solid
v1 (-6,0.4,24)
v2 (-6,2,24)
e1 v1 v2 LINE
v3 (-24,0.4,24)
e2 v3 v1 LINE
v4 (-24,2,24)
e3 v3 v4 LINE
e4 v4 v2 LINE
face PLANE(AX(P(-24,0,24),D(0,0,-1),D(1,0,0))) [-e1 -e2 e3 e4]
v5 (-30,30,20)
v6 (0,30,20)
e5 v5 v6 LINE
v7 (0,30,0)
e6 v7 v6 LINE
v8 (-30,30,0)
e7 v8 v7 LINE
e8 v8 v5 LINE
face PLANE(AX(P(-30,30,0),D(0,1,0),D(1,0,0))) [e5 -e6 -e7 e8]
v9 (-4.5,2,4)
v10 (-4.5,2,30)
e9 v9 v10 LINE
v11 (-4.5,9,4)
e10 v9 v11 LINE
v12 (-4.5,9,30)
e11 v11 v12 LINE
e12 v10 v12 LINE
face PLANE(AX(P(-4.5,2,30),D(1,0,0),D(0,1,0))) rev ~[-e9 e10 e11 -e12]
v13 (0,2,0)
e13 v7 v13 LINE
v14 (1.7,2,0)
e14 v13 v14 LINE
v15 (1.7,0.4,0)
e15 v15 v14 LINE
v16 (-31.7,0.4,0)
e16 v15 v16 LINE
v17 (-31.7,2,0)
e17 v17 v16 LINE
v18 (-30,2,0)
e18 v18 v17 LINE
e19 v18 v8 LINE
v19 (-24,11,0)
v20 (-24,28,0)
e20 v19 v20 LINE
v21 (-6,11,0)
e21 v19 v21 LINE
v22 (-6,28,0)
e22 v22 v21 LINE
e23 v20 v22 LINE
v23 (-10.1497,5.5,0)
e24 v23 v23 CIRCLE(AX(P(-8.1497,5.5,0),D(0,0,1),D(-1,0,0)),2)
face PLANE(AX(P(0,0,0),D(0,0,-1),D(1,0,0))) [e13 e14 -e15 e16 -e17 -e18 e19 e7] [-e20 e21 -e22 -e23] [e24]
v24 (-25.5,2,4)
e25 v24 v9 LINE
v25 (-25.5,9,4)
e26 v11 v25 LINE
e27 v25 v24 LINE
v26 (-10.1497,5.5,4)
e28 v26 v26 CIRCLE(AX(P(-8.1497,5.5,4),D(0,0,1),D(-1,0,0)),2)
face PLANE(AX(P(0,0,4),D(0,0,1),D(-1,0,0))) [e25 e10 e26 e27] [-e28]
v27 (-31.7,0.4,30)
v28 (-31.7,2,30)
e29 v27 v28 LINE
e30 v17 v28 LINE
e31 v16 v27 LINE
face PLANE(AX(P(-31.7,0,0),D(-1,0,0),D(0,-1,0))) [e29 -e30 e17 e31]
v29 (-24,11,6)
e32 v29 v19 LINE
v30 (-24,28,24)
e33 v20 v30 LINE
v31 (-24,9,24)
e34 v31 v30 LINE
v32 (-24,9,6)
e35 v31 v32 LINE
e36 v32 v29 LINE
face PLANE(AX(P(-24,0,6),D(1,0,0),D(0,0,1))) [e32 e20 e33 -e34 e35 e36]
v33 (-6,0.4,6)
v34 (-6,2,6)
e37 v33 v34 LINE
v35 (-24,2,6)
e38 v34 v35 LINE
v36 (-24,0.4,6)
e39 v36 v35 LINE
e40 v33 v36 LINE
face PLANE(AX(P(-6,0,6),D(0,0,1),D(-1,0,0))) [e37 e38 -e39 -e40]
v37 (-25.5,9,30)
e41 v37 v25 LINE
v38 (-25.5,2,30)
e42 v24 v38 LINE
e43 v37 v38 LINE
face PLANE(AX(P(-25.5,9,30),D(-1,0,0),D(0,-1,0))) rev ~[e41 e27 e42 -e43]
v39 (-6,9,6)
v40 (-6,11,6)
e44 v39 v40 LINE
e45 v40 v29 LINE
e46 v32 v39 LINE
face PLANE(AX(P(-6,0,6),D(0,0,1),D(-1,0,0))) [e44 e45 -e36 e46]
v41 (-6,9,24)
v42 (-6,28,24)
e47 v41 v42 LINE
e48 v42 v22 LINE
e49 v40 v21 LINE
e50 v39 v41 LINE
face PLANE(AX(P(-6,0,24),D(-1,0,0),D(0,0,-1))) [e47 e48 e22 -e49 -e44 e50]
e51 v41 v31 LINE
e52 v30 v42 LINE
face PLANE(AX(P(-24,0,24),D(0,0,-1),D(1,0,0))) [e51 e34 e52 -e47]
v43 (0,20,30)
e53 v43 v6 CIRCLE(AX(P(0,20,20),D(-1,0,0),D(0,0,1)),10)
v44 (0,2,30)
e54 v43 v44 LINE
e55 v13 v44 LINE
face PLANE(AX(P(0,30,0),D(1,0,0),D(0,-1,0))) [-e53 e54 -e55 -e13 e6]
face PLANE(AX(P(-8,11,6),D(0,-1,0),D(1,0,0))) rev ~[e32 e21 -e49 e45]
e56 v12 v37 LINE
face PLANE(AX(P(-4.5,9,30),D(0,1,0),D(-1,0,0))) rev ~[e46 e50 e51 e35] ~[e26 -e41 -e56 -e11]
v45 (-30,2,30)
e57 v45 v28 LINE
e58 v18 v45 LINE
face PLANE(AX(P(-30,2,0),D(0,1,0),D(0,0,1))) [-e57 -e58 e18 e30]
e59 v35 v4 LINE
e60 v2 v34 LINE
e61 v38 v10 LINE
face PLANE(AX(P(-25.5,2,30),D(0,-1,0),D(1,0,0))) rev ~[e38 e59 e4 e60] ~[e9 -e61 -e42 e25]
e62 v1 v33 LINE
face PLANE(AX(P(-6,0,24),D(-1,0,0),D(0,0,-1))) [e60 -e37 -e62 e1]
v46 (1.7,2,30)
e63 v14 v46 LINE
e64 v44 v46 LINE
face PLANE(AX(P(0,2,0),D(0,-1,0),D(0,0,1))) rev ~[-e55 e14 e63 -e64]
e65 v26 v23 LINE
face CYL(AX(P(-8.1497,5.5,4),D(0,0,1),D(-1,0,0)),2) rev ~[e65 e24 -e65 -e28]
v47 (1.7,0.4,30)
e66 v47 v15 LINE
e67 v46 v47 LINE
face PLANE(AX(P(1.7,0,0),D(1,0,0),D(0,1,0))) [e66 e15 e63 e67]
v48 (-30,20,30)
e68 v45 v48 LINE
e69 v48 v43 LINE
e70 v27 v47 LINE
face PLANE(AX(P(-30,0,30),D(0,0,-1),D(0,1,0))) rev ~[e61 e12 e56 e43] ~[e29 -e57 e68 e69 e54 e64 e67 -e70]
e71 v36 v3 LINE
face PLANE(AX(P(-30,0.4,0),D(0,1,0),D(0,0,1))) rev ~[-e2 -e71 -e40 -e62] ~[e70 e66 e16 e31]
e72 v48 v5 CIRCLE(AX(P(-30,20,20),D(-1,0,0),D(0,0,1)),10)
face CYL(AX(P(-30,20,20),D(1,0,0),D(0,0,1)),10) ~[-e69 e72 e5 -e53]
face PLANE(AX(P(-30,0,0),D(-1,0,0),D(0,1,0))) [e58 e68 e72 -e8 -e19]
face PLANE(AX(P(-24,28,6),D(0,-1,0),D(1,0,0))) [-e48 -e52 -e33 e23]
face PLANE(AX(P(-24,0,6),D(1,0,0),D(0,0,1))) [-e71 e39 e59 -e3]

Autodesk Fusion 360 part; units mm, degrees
sketch "Sketch1" plane through (0, 0, 0) normal (0, 0, 1) x (1, 0, 0)
  line L0 (0, 0) -> (-30, 0)
  line L1 (-30, 0) -> (-30, 30)
  line L2 (-30, 30) -> (0, 30)
  line L3 (0, 30) -> (0, 0)
  dimension "d1" = 30
  dimension "d2" = 30
extrude "Extrude1" add sketch "Sketch1" along normal blind 30
sketch "Sketch2" plane through (0, 0, 30) normal (0, 0, 1) x (-1, 0, 0)
  line L0 (0, -30) -> (30, -30)
  line L1 (30, -30) -> (30, 0)
  line L2 (30, 0) -> (0, 0)
  line L3 (0, 0) -> (0, -30)
  line L4 (30, 0) -> (25.5, 0)
  line L5 (25.5, 0) -> (25.5, -2)
  line L6 (25.5, -2) -> (30, -2)
  line L7 (30, -2) -> (30, 0)
  line L8 (25.5, -2) -> (4.5, -2)
  line L9 (4.5, -2) -> (4.5, -9)
  line L10 (4.5, -9) -> (25.5, -9)
  line L11 (25.5, -9) -> (25.5, -2)
  dimension "d5" = 4.5
  dimension "d6" = 2
  dimension "d7" = 21
  dimension "d8" = 7
extrude "Extrude2" cut sketch "Sketch2" against normal blind 25 contours L8 L9 L10 L11
sketch "Sketch3" plane through (0, 0, 0) normal (0, -1, 0) x (1, 0, 0)
  line L0 (-30, 0) -> (0, 0)
  line L1 (0, 0) -> (0, 30)
  line L2 (0, 30) -> (-30, 30)
  line L3 (-30, 30) -> (-30, 0)
  line L4 (-6, 6) -> (-24, 6)
  line L5 (-24, 6) -> (-24, 24)
  line L6 (-24, 24) -> (-6, 24)
  line L7 (-6, 24) -> (-6, 6)
  line L8 (-6, 6) -> (-24, 24) construction
  line L9 (-24, 6) -> (-6, 24) construction
  point P0 (-15, 15)
  dimension "d11" = 18
  dimension "d12" = 18
extrude "Extrude3" cut sketch "Sketch3" against normal blind 2 contours L4 L5 L6 L7
sketch "Sketch4" plane through (0, 0, 0) normal (1, 0, 0) x (0, 1, 0)
  line L0 (0, 0) -> (30, 0)
  line L1 (30, 0) -> (30, 30)
  line L2 (30, 30) -> (0, 30)
  line L3 (0, 30) -> (0, 0)
  line L4 (0, 0) -> (2, 0)
  line L5 (2, 0) -> (2, 30)
  line L6 (2, 30) -> (0, 30)
  line L7 (0, 30) -> (0, 0)
  dimension "d15" = 2
  dimension "d16" = 30
extrude "Extrude4" add sketch "Sketch4" along normal blind 2 contours L0 L2 L3 L4 L5 L6 L7
sketch "Sketch5" plane through (-30, 0, 0) normal (-1, 0, 0) x (0, -1, 0)
  line L0 (-30, 0) -> (0, 0)
  line L1 (0, 0) -> (0, 30)
  line L2 (0, 30) -> (-30, 30)
  line L3 (-30, 30) -> (-30, 0)
  line L4 (0, 0) -> (-2, 0)
  line L5 (-2, 0) -> (-2, 30)
  line L6 (-2, 30) -> (0, 30)
  line L7 (0, 30) -> (0, 0)
  dimension "d19" = 2
  dimension "d20" = 30
extrude "Extrude5" add sketch "Sketch5" along normal blind 2 contours L0 L1 L2 L4 L5 L6 L7
sketch "Sketch6" plane through (0, 0, 5) normal (0, 0, 1) x (-1, 0, 0)
  line L0 (25.5, -9) -> (25.5, -2)
  line L1 (25.5, -2) -> (4.5, -2)
  line L2 (4.5, -2) -> (4.5, -9)
  line L3 (4.5, -9) -> (25.5, -9)
  circle A0 centre (6, -5) radius 1
  dimension "d23" = 2
extrude "Extrude6" cut sketch "Sketch6" against normal blind 5 contours A0
sketch "Sketch7" plane through (0, 0, 0) normal (0, -1, 0) x (1, 0, 0)
  line L0 (-24, 6) -> (-24, 24)
  line L1 (-24, 24) -> (-6, 24)
  line L2 (-6, 24) -> (-6, 6)
  line L3 (-6, 6) -> (-24, 6)
  line L4 (-32, 0) -> (2, 0)
  line L5 (2, 0) -> (2, 30)
  line L6 (2, 30) -> (-32, 30)
  line L7 (-32, 30) -> (-32, 0)
  line L8 (-6, 6) -> (-24, 6)
  line L9 (-24, 6) -> (-24, 24)
  line L10 (-24, 24) -> (-6, 24)
  line L11 (-6, 24) -> (-6, 6)
extrude "Extrude7" cut sketch "Sketch7" against normal blind 28 contours L0 L1 L2 L3 L8 L9 L10 L11
fillet "Fillet1" radius 10 1 edges at (-15, 30, 30)
sketch "Sketch8" plane through (0, 0, 6) normal (0, 0, 1) x (-1, 0, 0)
  line L0 (24, -9) -> (6, -9)
  line L1 (6, -9) -> (6, -28)
  line L2 (6, -28) -> (24, -28)
  line L3 (24, -28) -> (24, -9)
  line L4 (24, -28) -> (6, -28)
  line L5 (6, -28) -> (6, -9)
  line L6 (6, -9) -> (24, -9)
  line L7 (24, -9) -> (24, -28)
sketch "Sketch9" plane through (0, 0, 6) normal (0, 0, 1) x (-1, 0, 0)
  line L0 (6, -9) -> (8, -9)
  line L1 (8, -9) -> (8, -11)
  line L2 (8, -11) -> (6, -11)
  line L3 (6, -11) -> (6, -9)
  line L4 (6, -11) -> (24, -11)
  line L5 (24, -11) -> (24, -28)
  line L6 (24, -28) -> (6, -28)
  line L7 (6, -28) -> (6, -11)
  point P0 (6, -9)
  point P1 (24, -28)
  dimension "d30" = 2
  dimension "d31" = 2
extrude "Extrude8" cut sketch "Sketch9" against normal blind 10 contours L2 L4 L5 L6 L7
extrude "Extrude9" cut 1 faces at (-29.3333, 0, 18) along direction (0, 1, 0) blind 0.2
sketch "Sketch10" plane through (0, 0, 0) normal (0, 0, -1) x (1, 0, 0)
  line L0 (2, -0.2) -> (-32, -0.2)
  line L1 (-32, -0.2) -> (-32, -2)
  line L2 (-32, -2) -> (-30, -2)
  line L3 (-30, -2) -> (-30, -30)
  line L4 (-30, -30) -> (0, -30)
  line L5 (0, -30) -> (0, -2)
  line L6 (0, -2) -> (2, -2)
  line L7 (2, -2) -> (2, -0.2)
  circle A0 centre (-6, -5) radius 1
  line L8 (-24, -28) -> (-24, -11)
  line L9 (-24, -11) -> (-6, -11)
  line L10 (-6, -11) -> (-6, -28)
  line L11 (-6, -28) -> (-24, -28)
extrude "Extrude10" add sketch "Sketch10" against normal blind 5 contours A0
extrude "Extrude11" cut 1 faces at (-11.5, 6.6667, 5) along direction (0, 0, -1) blind 1
sketch "Sketch11" plane through (0, 0, 4) normal (0, 0, 1) x (-1, 0, 0)
  line L0 (25.5, -9) -> (25.5, -2)
  line L1 (25.5, -2) -> (4.5, -2)
  line L2 (4.5, -2) -> (4.5, -9)
  line L3 (4.5, -9) -> (25.5, -9)
  circle A0 centre (8.1497, -5.5) radius 2
  dimension "d40" = 4
extrude "Extrude12" cut sketch "Sketch11" against normal blind 4 contours A0
extrude "Extrude13" cut 1 faces at (2, 0.8, 20) along direction (-1, 0, 0) blind 0.2
extrude "Extrude14" cut 1 faces at (-32, 1.4, 20) along direction (1, 0, 0) blind 0.2
extrude "Extrude15" cut 1 faces at (1.8, 0.8, 20) along direction (-1, 0, 0) blind 0.1
extrude "Extrude16" cut 1 faces at (-29.2, 0.2, 18) along direction (0, 1, 0) blind 0.2
extrude "Extrude17" cut 1 faces at (-31.8, 1.4667, 20) along direction (1, 0, 0) blind 0.1
